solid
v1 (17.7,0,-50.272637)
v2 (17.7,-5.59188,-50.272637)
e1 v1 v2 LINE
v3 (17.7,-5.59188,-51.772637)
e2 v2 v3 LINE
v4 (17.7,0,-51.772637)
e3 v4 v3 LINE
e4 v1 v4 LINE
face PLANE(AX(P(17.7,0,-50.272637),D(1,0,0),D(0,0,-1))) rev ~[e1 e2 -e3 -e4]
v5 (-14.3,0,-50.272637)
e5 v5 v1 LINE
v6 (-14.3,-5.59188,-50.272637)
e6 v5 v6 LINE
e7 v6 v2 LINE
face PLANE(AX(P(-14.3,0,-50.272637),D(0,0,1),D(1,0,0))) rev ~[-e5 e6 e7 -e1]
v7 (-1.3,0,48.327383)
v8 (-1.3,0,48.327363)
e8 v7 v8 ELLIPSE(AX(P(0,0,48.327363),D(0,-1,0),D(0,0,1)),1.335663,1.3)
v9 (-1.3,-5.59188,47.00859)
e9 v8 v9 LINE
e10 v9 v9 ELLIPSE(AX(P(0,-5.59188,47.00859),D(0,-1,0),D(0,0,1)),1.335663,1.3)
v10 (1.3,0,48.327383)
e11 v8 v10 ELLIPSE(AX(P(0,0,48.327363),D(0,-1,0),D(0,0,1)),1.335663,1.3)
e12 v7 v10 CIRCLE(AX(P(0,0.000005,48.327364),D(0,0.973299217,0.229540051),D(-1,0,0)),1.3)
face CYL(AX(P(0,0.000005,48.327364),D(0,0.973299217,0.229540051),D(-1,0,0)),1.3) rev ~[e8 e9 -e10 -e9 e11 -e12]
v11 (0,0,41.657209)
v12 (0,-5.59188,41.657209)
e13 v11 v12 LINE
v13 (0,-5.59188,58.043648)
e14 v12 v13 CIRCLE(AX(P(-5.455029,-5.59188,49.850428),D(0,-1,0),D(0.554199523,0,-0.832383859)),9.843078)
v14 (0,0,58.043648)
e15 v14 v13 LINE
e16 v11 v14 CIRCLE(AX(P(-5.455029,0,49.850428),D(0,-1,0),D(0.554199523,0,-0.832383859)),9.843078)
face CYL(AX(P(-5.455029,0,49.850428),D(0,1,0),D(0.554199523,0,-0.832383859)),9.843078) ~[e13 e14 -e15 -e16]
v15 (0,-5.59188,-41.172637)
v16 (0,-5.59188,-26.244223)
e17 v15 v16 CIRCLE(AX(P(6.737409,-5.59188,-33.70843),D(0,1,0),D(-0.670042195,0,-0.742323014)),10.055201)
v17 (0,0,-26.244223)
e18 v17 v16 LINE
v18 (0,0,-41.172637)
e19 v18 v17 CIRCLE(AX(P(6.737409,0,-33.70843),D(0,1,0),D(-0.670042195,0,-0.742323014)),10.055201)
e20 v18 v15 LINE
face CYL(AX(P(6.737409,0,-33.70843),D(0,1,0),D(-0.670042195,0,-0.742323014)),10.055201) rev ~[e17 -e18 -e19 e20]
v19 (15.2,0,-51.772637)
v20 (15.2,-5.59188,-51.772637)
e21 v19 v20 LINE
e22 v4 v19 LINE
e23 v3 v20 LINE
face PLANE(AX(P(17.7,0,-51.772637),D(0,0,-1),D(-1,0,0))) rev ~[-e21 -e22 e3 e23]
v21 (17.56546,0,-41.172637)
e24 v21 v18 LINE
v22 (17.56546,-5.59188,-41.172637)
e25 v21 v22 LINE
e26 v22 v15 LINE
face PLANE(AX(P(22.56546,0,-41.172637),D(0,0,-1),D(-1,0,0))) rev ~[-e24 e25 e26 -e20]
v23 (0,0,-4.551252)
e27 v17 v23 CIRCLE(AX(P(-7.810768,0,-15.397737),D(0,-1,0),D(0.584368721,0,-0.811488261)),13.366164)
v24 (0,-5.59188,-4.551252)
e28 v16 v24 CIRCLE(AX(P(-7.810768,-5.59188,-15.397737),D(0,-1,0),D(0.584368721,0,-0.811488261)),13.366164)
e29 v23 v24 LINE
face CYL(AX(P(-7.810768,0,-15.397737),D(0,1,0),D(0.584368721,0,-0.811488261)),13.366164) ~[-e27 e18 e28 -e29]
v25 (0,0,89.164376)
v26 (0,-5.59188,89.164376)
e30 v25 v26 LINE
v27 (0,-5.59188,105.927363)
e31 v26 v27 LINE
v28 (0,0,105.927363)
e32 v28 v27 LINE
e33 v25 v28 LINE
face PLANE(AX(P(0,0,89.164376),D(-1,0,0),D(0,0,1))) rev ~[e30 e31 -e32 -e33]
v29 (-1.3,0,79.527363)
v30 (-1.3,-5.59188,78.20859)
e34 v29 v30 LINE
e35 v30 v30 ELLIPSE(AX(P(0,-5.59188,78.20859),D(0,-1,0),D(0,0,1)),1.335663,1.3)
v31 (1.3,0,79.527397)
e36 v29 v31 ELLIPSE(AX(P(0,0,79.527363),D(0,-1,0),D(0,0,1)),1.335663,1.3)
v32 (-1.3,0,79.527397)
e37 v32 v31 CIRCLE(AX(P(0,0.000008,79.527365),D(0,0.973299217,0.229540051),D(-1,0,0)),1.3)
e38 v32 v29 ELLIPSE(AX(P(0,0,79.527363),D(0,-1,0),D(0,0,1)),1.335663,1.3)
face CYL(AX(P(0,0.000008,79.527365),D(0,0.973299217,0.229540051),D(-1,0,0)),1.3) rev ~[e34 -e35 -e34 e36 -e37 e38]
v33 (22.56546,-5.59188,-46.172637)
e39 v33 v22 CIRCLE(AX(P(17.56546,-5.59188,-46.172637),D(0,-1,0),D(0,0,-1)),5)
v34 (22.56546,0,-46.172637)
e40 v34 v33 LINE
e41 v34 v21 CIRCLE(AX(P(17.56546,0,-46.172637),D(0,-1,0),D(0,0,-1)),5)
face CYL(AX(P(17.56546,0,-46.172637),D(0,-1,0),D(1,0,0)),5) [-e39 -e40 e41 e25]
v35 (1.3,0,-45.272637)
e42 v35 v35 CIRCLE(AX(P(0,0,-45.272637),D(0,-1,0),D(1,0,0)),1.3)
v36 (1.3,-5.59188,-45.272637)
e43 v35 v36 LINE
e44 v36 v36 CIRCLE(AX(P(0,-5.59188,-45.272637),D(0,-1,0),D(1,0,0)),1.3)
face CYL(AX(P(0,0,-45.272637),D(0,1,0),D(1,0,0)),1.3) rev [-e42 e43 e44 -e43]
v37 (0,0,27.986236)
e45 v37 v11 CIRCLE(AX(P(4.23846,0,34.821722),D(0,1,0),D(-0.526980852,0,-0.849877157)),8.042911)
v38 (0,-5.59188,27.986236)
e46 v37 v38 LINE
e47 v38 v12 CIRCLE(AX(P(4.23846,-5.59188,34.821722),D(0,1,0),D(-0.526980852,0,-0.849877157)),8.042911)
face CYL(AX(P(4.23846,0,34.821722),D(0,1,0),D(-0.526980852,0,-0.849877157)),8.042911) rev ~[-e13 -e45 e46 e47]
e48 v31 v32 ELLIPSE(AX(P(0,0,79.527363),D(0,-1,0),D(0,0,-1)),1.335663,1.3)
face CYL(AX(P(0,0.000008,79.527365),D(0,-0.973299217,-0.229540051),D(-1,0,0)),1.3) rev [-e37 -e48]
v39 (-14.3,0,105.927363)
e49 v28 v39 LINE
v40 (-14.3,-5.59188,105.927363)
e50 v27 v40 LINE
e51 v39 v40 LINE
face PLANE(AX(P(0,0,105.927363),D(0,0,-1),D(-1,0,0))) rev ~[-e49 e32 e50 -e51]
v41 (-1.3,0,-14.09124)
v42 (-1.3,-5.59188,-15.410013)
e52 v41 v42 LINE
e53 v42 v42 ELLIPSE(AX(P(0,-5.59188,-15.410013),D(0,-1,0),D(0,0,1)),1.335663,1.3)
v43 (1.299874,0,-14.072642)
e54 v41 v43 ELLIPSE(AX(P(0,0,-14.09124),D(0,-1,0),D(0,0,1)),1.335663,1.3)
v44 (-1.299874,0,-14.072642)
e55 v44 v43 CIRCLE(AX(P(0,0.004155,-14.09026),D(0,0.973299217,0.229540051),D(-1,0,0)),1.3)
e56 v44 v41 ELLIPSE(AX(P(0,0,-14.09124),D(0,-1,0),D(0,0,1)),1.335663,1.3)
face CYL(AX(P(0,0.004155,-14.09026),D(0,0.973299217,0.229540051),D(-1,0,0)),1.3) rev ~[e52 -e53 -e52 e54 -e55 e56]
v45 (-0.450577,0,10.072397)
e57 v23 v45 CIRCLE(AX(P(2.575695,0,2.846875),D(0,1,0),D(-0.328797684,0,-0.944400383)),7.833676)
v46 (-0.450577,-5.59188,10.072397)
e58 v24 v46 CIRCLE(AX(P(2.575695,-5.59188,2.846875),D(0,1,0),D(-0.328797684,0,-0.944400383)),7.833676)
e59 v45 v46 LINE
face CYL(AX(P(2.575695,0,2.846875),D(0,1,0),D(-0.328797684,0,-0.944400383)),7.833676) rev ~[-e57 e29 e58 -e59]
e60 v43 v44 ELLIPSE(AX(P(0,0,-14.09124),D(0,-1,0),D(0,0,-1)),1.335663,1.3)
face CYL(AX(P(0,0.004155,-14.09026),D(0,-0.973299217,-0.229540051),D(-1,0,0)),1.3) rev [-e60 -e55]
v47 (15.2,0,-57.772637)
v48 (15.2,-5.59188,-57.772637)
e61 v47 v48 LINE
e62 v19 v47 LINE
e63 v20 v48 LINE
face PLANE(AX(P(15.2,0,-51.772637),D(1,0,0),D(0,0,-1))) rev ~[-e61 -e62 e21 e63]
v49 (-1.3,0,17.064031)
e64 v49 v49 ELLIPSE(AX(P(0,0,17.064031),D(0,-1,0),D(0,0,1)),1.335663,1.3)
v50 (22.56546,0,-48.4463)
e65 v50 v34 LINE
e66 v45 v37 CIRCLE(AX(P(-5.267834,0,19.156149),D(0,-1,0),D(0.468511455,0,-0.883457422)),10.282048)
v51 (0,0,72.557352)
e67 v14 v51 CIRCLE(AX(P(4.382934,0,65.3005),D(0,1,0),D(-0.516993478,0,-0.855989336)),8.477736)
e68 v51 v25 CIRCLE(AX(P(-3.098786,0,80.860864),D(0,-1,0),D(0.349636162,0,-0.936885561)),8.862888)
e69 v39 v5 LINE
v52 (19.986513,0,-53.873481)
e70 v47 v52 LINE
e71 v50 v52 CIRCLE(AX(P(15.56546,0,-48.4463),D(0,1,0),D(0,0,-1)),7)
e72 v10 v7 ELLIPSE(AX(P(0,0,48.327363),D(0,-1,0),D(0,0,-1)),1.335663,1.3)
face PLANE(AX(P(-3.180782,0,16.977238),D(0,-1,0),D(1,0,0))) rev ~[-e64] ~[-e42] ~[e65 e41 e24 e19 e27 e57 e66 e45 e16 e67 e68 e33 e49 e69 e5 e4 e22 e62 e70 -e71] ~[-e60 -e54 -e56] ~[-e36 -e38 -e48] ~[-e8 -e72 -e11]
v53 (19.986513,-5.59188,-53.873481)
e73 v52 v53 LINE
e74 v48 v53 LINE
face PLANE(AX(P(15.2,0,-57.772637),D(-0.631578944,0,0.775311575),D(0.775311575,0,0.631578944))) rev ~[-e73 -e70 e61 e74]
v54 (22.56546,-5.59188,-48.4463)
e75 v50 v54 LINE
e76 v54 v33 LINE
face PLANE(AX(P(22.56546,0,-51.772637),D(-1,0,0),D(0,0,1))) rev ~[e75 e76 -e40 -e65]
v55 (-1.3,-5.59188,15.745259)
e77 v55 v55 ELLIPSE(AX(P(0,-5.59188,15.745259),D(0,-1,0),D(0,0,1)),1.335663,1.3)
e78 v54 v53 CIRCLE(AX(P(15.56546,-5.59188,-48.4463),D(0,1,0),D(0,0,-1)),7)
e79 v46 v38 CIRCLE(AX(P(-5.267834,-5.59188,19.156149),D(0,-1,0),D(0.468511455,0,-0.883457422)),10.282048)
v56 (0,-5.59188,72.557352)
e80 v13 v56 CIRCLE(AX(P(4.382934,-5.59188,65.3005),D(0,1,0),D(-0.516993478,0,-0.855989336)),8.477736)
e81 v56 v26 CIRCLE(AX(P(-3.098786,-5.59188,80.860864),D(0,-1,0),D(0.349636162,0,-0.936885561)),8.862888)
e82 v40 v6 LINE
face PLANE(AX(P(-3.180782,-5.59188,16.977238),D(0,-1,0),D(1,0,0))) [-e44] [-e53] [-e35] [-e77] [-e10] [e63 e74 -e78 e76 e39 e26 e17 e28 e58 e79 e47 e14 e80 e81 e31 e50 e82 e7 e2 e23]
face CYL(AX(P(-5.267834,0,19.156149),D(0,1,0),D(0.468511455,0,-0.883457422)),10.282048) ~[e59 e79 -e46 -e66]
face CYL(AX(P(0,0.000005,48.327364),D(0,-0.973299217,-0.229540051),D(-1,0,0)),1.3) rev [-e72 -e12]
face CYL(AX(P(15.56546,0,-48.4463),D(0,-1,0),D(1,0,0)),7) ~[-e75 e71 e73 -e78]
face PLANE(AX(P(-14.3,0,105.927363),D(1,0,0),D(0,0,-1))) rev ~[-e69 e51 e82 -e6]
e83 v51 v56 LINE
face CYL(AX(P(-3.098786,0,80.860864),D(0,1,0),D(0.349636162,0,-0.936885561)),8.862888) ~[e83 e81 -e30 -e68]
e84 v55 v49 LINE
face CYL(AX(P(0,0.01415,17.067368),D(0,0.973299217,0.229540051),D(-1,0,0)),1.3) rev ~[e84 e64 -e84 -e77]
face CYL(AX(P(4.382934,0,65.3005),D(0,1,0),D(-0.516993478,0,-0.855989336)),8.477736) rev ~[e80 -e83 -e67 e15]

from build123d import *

# Parameters (mm, degrees)
F0_R      = 1.3
F9_DEPTH  = 5.59188
F3_R      = 1.3
F7_R      = 1.3
F8_R      = 1.3
F4_R      = 1.3
F10_DEPTH = 12.5
F11_R     = 5
F12_R     = 7


with BuildPart() as f9:
    # F0 (on Front) → F9 (new body)
    with BuildSketch(Plane.XZ):
        with BuildLine():
            Line((0, 105.927363), (-14.3, 105.927363))
            Line((-14.3, 105.927363), (-14.3, -50.272637))
            Line((-14.3, -50.272637), (17.7, -50.272637))
            Line((17.7, -50.272637), (17.7, -51.772637))
            Line((17.7, -51.772637), (15.2, -51.772637))
            Line((15.2, -51.772637), (15.2, -57.772637))
            Line((15.2, -57.772637), (22.56546, -51.772637))
            Line((22.56546, -51.772637), (22.56546, -41.172637))
            Line((22.56546, -41.172637), (0, -41.172637))
            ThreePointArc((0, -41.172637), (-3.317792, -33.70843), (0, -26.244223))
            ThreePointArc((0, -26.244223), (5.555396, -15.397738), (0, -4.551252))
            ThreePointArc((0, -4.551252), (-5.254266, 2.605622), (-0.450577, 10.072397))
            ThreePointArc((-0.450577, 10.072397), (5.010963, 18.897612), (0, 27.986236))
            ThreePointArc((0, 27.986236), (-3.804451, 34.821723), (0, 41.657209))
            ThreePointArc((0, 41.657209), (4.388049, 49.850428), (0, 58.043648))
            ThreePointArc((0, 58.043648), (-4.094802, 65.3005), (0, 72.557352))
            ThreePointArc((0, 72.557352), (5.764102, 80.860864), (0, 89.164376))
            Line((0, 89.164376), (0, 105.927363))
        make_face()
        with Locations((0, -45.272637)):
            Circle(F0_R, mode=Mode.SUBTRACT)
    extrude(amount=F9_DEPTH)

    # F3 (on face) + F7 (on face) + F8 (on face) + F4 (on face) → F10 (cut, symmetric)
    with BuildSketch(Plane(origin=(0, -3.143985, -0.741469), x_dir=(-1, 0, 0), z_dir=(0, 0.973299, 0.22954))):
        with Locations((0, -13.714992)):
            Circle(F3_R)
    with BuildSketch(Plane(origin=(0, 10.796876, 2.546305), x_dir=(-1, 0, 0), z_dir=(0, 0.973299, 0.22954))):
        with Locations((0, 47.036983)):
            Circle(F7_R)
    with BuildSketch(Plane(origin=(0, 17.767307, 4.190192), x_dir=(-1, 0, 0), z_dir=(0, 0.973299, 0.22954))):
        with Locations((0, 77.403918)):
            Circle(F8_R)
    with BuildSketch(Plane(origin=(0, 3.826445, 0.902418), x_dir=(-1, 0, 0), z_dir=(0, 0.973299, 0.22954))):
        with Locations((0, 16.608408)):
            Circle(F4_R)
    extrude(amount=F10_DEPTH, both=True, mode=Mode.SUBTRACT)

    # F11
    f11_edges = [f9.edges().sort_by_distance(p)[0] for p in [
        (22.56546, -2.79594, -41.172637),
    ]]
    fillet(f11_edges, radius=F11_R)

    # F12
    f12_edges = [f9.edges().sort_by_distance(p)[0] for p in [
        (22.56546, -2.79594, -51.772637),
    ]]
    fillet(f12_edges, radius=F12_R)


solid = f9.part
